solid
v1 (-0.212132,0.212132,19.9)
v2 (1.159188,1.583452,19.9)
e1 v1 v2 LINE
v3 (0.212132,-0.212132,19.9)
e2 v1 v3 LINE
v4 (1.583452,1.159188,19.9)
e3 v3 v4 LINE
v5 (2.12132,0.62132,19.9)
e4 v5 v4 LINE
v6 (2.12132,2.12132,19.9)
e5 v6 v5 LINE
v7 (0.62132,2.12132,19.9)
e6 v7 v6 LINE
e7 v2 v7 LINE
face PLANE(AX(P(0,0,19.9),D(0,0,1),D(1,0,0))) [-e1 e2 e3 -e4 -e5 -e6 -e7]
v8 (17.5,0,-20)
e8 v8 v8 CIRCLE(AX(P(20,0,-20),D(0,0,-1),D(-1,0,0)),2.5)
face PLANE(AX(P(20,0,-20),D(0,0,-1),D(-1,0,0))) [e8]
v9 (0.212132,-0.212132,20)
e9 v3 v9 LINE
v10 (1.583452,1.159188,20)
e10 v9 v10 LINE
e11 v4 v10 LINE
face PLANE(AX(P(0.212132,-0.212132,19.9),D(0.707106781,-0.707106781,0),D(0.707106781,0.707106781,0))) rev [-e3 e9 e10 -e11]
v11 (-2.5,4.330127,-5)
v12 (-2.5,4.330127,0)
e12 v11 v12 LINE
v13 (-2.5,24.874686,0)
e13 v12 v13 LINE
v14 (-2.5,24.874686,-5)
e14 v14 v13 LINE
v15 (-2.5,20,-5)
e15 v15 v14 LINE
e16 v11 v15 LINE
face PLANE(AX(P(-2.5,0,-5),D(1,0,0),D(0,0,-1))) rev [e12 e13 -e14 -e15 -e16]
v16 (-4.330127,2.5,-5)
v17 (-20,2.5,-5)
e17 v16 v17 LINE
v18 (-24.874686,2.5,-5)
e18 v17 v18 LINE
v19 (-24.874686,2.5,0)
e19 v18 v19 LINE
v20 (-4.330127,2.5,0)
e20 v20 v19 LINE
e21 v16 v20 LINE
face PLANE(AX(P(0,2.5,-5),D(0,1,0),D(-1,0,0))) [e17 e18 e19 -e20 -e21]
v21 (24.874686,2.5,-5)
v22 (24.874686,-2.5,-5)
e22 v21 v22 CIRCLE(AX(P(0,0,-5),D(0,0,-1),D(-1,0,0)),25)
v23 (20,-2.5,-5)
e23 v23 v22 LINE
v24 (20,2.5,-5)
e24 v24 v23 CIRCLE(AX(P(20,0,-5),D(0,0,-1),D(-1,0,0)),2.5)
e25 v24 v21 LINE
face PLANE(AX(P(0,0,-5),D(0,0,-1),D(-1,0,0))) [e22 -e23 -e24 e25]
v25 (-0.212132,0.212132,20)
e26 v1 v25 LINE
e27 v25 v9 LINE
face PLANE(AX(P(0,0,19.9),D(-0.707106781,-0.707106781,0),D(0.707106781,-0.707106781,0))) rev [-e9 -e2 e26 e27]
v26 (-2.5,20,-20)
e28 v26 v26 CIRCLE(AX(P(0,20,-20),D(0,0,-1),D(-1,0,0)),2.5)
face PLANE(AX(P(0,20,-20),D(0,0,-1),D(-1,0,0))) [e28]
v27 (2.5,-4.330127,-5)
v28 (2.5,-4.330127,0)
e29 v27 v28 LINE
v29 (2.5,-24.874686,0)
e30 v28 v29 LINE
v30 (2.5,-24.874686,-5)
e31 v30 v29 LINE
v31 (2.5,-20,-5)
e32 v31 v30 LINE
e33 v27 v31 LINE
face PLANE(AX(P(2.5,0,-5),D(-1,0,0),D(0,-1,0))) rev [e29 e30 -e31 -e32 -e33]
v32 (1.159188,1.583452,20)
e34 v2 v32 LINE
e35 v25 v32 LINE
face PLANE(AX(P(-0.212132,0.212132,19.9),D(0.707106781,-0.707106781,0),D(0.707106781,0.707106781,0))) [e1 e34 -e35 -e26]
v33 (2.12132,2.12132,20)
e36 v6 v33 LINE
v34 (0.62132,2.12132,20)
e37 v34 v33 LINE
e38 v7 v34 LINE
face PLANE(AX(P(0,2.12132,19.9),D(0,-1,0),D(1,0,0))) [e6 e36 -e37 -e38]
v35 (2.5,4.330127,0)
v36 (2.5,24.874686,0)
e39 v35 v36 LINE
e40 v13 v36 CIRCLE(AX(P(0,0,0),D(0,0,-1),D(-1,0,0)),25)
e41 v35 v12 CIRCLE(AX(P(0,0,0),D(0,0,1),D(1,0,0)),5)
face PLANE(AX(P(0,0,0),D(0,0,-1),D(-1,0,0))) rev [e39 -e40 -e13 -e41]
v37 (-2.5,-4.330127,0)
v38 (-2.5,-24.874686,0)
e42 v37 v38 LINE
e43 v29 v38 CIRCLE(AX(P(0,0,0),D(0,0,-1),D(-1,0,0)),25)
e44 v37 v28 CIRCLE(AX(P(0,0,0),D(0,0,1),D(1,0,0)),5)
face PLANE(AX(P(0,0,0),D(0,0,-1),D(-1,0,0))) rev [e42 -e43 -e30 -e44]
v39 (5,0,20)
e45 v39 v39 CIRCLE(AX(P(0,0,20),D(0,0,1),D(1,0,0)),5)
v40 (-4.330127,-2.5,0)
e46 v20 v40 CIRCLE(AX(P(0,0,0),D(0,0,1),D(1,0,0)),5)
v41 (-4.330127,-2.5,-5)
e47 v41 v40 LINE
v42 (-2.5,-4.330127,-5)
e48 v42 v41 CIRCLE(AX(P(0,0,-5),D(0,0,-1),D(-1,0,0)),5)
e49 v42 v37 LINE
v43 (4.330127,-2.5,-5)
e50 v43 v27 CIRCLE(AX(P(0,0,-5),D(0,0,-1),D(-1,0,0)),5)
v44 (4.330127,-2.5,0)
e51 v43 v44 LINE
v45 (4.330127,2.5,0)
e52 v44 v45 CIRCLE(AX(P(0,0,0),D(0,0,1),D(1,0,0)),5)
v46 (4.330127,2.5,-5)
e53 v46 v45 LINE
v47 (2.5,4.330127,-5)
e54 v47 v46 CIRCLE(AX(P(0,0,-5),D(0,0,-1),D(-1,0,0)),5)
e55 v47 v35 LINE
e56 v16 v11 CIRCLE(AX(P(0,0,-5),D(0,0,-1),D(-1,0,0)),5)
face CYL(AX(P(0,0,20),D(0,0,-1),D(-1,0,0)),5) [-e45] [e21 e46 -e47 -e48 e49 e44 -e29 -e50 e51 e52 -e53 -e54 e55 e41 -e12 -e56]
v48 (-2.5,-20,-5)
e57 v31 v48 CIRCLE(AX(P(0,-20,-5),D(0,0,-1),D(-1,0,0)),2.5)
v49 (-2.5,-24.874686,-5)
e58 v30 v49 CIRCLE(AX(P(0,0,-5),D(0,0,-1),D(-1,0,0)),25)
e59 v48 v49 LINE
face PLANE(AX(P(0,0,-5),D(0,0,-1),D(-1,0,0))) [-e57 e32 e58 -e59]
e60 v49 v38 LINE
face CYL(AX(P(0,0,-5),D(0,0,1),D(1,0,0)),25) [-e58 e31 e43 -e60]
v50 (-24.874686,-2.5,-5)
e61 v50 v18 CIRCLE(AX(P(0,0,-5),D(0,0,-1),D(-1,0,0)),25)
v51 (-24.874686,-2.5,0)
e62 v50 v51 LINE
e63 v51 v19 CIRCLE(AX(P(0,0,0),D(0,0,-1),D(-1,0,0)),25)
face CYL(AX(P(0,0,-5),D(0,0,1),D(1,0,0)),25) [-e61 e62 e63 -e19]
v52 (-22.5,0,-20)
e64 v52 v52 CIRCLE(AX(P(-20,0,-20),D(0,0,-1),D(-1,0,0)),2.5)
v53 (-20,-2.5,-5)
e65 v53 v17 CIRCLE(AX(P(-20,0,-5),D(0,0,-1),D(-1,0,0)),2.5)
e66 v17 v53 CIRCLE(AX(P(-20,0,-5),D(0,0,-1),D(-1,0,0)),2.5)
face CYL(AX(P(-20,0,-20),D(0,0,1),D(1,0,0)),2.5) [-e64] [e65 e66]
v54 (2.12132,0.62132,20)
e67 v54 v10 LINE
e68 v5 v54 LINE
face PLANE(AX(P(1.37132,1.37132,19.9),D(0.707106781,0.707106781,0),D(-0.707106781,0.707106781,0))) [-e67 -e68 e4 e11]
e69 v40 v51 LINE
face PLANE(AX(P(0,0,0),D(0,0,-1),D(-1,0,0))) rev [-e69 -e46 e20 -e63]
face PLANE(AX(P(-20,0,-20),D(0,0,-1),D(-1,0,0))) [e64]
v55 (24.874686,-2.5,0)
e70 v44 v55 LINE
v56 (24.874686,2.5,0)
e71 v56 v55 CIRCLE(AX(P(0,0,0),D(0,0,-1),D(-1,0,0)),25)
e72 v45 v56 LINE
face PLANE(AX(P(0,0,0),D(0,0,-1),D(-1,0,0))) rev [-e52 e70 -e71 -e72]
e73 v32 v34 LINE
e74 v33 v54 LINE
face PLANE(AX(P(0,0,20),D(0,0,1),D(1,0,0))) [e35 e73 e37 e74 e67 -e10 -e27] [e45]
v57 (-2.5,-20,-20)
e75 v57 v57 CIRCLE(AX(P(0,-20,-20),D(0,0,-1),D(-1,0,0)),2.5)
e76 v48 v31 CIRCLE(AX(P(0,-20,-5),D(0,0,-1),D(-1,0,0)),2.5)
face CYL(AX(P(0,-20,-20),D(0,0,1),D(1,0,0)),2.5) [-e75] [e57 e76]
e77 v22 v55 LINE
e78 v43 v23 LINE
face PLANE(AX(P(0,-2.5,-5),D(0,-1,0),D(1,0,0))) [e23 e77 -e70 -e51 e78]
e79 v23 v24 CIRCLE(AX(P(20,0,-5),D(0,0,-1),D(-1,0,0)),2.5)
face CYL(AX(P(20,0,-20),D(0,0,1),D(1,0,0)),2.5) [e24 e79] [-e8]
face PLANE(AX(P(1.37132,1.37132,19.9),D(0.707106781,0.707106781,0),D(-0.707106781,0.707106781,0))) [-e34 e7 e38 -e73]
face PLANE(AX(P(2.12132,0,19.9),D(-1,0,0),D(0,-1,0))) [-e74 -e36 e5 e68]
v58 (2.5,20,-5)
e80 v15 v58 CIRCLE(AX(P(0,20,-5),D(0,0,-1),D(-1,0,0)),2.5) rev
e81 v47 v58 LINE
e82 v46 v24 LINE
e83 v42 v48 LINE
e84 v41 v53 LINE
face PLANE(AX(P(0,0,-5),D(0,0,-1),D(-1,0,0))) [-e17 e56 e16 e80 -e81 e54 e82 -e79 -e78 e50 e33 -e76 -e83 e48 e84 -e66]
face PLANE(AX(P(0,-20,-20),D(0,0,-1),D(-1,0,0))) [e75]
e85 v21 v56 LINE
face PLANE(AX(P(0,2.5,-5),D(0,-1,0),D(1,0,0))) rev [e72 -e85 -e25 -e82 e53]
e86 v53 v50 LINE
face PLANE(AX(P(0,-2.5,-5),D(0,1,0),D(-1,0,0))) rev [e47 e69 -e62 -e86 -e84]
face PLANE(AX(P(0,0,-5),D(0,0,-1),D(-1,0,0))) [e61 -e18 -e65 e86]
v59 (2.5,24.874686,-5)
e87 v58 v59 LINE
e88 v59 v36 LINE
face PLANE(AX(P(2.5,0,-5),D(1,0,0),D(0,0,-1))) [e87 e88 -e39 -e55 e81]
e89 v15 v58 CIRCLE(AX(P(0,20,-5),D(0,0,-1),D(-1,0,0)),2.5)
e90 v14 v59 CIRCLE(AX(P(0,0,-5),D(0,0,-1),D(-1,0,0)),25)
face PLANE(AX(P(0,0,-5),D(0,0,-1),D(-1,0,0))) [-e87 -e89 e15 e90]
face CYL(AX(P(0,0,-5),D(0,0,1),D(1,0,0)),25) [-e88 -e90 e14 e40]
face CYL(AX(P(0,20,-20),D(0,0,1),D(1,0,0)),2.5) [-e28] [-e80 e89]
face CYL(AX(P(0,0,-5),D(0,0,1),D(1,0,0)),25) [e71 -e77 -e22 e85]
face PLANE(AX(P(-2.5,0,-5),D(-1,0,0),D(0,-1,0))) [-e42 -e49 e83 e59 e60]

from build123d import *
from build123d.topology import SkipClean

# Parameters (mm, degrees)
SKETCH1_R           = 5
BOSS_EXTRUDE1_DEPTH = 20
BOSS_EXTRUDE3_START = 5
BOSS_EXTRUDE3_DEPTH = 5
SKETCH3_R           = 2.5
BOSS_EXTRUDE4_DEPTH = 15
CUT_EXTRUDE2_DEPTH  = 0.1


with BuildPart() as part:
    # Sketch1 → Boss-Extrude1 (new body)
    with BuildSketch(Plane.XY):
        Circle(SKETCH1_R)
    extrude(amount=BOSS_EXTRUDE1_DEPTH)

    # Sketch2 → Boss-Extrude3 (add)
    with SkipClean():  # the faces are left unmerged after this step: merging them gives an invalid solid
        with BuildSketch(Plane(origin=(0, 0, 0), x_dir=(-1, 0, 0), z_dir=(0, 0, -1)).offset(BOSS_EXTRUDE3_START)):
            with BuildLine():
                ThreePointArc((24.874685928, -2.5), (25, 0), (24.874685928, 2.5))
                Line((24.874685928, 2.5), (4.330127019, 2.5))
                ThreePointArc((4.330127019, 2.5), (3.535533906, 3.535533906), (2.5, 4.330127019))
                Line((2.5, 4.330127019), (2.5, 24.874685928))
                ThreePointArc((2.5, 24.874685928), (0, 25), (-2.5, 24.874685928))
                Line((-2.5, 24.874685928), (-2.5, 4.330127019))
                ThreePointArc((-2.5, 4.330127019), (-3.535533906, 3.535533906), (-4.330127019, 2.5))
                Line((-4.330127019, 2.5), (-24.874685928, 2.5))
                ThreePointArc((-24.874685928, 2.5), (-25, 0), (-24.874685928, -2.5))
                Line((-24.874685928, -2.5), (-4.330127019, -2.5))
                ThreePointArc((-4.330127019, -2.5), (-3.535533906, -3.535533906), (-2.5, -4.330127019))
                Line((-2.5, -4.330127019), (-2.5, -24.874685928))
                ThreePointArc((-2.5, -24.874685928), (0, -25), (2.5, -24.874685928))
                Line((2.5, -24.874685928), (2.5, -4.330127019))
                ThreePointArc((2.5, -4.330127019), (3.535533906, -3.535533906), (4.330127019, -2.5))
                Line((4.330127019, -2.5), (24.874685928, -2.5))
            make_face()
        extrude(amount=-BOSS_EXTRUDE3_DEPTH)

    # Sketch3 → Boss-Extrude4 (add)
    with SkipClean():  # the faces are left unmerged after this step: merging them gives an invalid solid
        with BuildSketch(Plane(origin=(0, 0, -5), x_dir=(-1, 0, 0), z_dir=(0, 0, -1))):
            with Locations(Location((-20, 0, 0), (0, 0, 270))):
                Circle(SKETCH3_R)
            with Locations((0, 20)):
                Circle(SKETCH3_R)
            with Locations(Location((20, 0, 0), (0, 0, 270))):
                Circle(SKETCH3_R)
            with Locations((0, -20)):
                Circle(SKETCH3_R)
        extrude(amount=BOSS_EXTRUDE4_DEPTH)

    # Sketch4 → Cut-Extrude2 (cut)
    with SkipClean():  # the faces are left unmerged after this step: merging them gives an invalid solid
        with BuildSketch(Plane.XY.offset(20)):
            Polygon((0.621320344, 2.121320344), (1.159188309, 1.583452378), (1.697056275, 2.121320344), align=None)
            Polygon((1.159188309, 1.583452378), (1.583452378, 1.159188309), (2.121320344, 1.697056275), (2.121320344, 2.121320344), (1.697056275, 2.121320344), align=None)
            Polygon((2.121320344, 1.697056275), (1.583452378, 1.159188309), (2.121320344, 0.621320344), align=None)
            Polygon((0.212132034, 0.212132034), (0, 0), (0.212132034, -0.212132034), (1.583452378, 1.159188309), (1.159188309, 1.583452378), (0, 0.424264069), align=None)
            Polygon((-0.212132034, 0.212132034), (0, 0), (0.212132034, 0.212132034), (0, 0.424264069), align=None)
        extrude(amount=-CUT_EXTRUDE2_DEPTH, mode=Mode.SUBTRACT)


solid = part.part
